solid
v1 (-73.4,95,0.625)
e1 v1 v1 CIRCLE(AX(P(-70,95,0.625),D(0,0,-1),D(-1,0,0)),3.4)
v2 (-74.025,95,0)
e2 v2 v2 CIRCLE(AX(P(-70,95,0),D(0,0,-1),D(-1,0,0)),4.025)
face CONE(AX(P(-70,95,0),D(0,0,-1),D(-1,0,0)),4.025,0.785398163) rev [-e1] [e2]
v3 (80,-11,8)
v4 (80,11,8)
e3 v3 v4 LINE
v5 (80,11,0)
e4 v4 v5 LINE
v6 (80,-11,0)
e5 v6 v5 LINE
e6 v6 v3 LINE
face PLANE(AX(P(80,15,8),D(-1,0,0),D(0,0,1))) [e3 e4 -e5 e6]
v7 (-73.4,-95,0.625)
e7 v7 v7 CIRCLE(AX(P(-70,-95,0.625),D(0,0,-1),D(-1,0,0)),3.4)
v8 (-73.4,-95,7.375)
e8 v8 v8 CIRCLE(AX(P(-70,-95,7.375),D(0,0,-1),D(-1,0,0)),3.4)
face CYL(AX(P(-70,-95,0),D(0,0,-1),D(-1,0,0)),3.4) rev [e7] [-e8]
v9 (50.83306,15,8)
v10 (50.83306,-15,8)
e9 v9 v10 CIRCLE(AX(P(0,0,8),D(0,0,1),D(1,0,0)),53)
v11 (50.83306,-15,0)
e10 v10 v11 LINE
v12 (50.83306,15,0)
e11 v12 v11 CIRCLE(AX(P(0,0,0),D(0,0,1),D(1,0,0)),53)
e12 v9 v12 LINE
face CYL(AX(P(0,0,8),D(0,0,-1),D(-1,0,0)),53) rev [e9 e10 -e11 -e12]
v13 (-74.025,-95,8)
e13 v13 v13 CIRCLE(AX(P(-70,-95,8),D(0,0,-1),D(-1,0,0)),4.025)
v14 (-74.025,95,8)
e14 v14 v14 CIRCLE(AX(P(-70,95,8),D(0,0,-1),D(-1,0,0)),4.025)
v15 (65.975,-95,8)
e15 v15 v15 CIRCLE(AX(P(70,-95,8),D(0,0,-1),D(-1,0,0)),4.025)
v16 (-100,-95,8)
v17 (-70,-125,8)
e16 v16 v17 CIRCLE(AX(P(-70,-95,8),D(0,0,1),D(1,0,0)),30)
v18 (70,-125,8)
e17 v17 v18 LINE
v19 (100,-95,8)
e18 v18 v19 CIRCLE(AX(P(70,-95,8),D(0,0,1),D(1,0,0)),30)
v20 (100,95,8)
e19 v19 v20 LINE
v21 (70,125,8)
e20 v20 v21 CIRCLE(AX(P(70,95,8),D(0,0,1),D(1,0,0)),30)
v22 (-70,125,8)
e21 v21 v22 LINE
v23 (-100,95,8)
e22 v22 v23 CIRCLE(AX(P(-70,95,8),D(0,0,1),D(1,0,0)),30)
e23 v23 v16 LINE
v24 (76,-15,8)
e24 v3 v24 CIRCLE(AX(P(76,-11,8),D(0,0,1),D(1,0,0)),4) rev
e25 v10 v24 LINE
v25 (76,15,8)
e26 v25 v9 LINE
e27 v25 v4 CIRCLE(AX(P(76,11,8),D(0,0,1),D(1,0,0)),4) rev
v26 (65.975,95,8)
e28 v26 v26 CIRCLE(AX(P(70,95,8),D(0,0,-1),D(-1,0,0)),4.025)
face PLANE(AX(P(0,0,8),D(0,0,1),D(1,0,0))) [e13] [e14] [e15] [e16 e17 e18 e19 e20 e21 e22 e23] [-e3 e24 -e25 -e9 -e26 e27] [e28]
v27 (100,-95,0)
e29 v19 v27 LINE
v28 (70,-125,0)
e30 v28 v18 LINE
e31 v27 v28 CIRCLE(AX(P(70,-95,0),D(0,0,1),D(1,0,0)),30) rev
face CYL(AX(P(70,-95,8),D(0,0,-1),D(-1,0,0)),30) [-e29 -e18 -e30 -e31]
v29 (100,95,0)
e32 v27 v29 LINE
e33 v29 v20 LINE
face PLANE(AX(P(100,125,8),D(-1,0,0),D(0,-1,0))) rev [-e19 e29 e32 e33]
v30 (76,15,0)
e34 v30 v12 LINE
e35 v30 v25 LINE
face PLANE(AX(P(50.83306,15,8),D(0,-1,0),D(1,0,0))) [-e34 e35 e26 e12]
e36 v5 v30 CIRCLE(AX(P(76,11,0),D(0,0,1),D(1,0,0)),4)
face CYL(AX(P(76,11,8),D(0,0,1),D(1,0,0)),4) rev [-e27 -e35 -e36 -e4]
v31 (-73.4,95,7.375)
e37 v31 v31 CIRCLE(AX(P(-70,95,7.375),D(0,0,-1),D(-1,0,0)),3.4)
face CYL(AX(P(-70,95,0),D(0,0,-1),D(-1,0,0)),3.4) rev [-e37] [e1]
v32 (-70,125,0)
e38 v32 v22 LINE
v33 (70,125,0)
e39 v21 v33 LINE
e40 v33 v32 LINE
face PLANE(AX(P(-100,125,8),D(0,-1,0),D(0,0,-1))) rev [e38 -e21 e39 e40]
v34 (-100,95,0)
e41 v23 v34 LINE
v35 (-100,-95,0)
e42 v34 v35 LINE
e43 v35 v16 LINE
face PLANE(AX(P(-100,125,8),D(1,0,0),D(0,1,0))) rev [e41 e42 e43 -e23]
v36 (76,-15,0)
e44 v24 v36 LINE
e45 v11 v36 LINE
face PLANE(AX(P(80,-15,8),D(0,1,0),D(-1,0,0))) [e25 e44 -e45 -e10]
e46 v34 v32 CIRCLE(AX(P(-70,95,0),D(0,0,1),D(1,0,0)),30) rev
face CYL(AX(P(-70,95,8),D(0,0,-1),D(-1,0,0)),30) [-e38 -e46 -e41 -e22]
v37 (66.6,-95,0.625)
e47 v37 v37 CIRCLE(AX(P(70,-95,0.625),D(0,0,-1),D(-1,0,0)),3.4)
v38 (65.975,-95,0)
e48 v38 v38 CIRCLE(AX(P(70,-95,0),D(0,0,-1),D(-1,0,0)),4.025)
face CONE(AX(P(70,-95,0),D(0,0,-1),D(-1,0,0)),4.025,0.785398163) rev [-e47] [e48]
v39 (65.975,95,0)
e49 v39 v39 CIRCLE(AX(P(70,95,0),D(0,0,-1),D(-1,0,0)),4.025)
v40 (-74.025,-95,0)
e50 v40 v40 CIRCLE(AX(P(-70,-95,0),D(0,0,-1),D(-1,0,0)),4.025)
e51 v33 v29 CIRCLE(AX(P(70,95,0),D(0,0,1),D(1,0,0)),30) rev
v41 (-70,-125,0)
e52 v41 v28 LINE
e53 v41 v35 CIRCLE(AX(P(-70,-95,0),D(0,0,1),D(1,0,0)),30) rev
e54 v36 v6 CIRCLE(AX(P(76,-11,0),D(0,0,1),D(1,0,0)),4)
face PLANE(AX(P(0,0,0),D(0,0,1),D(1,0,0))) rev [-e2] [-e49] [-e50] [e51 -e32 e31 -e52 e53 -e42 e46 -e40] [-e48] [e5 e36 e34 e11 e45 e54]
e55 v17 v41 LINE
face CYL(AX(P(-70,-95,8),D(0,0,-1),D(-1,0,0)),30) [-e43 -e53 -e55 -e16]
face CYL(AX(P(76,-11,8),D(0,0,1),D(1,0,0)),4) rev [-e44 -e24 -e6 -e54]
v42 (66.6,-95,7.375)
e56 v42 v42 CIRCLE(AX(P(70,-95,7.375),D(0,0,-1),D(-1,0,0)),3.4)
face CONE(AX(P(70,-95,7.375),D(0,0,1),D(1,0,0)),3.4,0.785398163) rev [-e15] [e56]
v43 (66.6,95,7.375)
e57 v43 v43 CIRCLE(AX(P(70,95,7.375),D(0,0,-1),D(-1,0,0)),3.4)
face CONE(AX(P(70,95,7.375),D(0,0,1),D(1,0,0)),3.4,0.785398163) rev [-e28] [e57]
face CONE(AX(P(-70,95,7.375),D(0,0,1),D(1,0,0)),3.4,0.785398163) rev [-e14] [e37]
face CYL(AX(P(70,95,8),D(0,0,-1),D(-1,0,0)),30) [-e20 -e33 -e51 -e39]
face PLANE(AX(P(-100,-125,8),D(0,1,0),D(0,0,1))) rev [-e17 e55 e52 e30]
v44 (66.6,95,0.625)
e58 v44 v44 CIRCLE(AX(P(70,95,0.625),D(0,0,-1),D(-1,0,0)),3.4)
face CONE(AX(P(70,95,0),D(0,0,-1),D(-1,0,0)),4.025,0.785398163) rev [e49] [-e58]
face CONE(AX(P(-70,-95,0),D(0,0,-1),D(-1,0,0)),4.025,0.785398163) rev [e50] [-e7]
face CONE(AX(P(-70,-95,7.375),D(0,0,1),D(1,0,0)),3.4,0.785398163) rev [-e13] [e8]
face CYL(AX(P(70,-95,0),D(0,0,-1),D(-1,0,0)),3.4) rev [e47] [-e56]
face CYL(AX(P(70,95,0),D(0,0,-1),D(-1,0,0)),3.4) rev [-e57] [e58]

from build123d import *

# Parameters (mm, degrees)
SKIZZE1_W                       = 200
SKIZZE1_H                       = 250
AUFSATZ_LINEAR_AUSTRAGEN1_DEPTH = 8
VERRUNDUNG1_R                   = 30
VERRUNDUNG2_R                   = 4
M8_GEWINDEBOHRUNG1_AT_2_COUNT   = 2
M8_GEWINDEBOHRUNG1_AT_2_PITCH   = 140
M8_GEWINDEBOHRUNG1_AT_3_COUNT   = 2
M8_GEWINDEBOHRUNG1_AT_3_PITCH   = 236.008474424
M8_GEWINDEBOHRUNG1_AT_4_COUNT   = 2
M8_GEWINDEBOHRUNG1_AT_4_PITCH   = 190


with BuildPart() as part:
    # Skizze1 → Aufsatz-Linear austragen1 (new body)
    with BuildSketch(Plane.XY):
        Rectangle(SKIZZE1_W, SKIZZE1_H)
        with BuildLine():
            Line((50.833060109, 15), (80, 15))
            Line((80, 15), (80, -15))
            Line((80, -15), (50.833060109, -15))
            ThreePointArc((50.833060109, -15), (-53, 0), (50.833060109, 15))
        make_face(mode=Mode.SUBTRACT)
    extrude(amount=AUFSATZ_LINEAR_AUSTRAGEN1_DEPTH)

    # Verrundung1
    verrundung1_edges = [part.edges().sort_by_distance(p)[0] for p in [
        (100, -125, 4),
        (-100, -125, 4),
        (-100, 125, 4),
        (100, 125, 4),
    ]]
    fillet(verrundung1_edges, radius=VERRUNDUNG1_R)

    # Verrundung2
    verrundung2_edges = [part.edges().sort_by_distance(p)[0] for p in [
        (80, -15, 4),
        (80, 15, 4),
    ]]
    fillet(verrundung2_edges, radius=VERRUNDUNG2_R)

    # Skizze3 → M8 Gewindebohrung1 (revolve, cut)
    with BuildSketch(Plane(origin=(70, 95, 0), x_dir=(0, 1, 0), z_dir=(1, 0, 0))):
        Polygon((0, 0), (0, 8), (4.025, 8), (3.4, 7.375), (3.4, 0.625), (4.025, 0), align=None)
    m8_gewindebohrung1 = revolve(axis=Axis((70, 95, -6.35), (0, 0, 1)), mode=Mode.SUBTRACT)

    # M8 Gewindebohrung1 at 2: M8 Gewindebohrung1 ×2
    with Locations(*[(-i * M8_GEWINDEBOHRUNG1_AT_2_PITCH, 0, 0) for i in range(1, M8_GEWINDEBOHRUNG1_AT_2_COUNT)]):
        add(m8_gewindebohrung1, mode=Mode.SUBTRACT)

    # M8 Gewindebohrung1 at 3: M8 Gewindebohrung1 ×2
    with Locations(*[Vector(-0.593199038, -0.805055837, 0) * (i * M8_GEWINDEBOHRUNG1_AT_3_PITCH) for i in range(1, M8_GEWINDEBOHRUNG1_AT_3_COUNT)]):
        add(m8_gewindebohrung1, mode=Mode.SUBTRACT)

    # M8 Gewindebohrung1 at 4: M8 Gewindebohrung1 ×2
    with Locations(*[(0, -i * M8_GEWINDEBOHRUNG1_AT_4_PITCH, 0) for i in range(1, M8_GEWINDEBOHRUNG1_AT_4_COUNT)]):
        add(m8_gewindebohrung1, mode=Mode.SUBTRACT)


solid = part.part
